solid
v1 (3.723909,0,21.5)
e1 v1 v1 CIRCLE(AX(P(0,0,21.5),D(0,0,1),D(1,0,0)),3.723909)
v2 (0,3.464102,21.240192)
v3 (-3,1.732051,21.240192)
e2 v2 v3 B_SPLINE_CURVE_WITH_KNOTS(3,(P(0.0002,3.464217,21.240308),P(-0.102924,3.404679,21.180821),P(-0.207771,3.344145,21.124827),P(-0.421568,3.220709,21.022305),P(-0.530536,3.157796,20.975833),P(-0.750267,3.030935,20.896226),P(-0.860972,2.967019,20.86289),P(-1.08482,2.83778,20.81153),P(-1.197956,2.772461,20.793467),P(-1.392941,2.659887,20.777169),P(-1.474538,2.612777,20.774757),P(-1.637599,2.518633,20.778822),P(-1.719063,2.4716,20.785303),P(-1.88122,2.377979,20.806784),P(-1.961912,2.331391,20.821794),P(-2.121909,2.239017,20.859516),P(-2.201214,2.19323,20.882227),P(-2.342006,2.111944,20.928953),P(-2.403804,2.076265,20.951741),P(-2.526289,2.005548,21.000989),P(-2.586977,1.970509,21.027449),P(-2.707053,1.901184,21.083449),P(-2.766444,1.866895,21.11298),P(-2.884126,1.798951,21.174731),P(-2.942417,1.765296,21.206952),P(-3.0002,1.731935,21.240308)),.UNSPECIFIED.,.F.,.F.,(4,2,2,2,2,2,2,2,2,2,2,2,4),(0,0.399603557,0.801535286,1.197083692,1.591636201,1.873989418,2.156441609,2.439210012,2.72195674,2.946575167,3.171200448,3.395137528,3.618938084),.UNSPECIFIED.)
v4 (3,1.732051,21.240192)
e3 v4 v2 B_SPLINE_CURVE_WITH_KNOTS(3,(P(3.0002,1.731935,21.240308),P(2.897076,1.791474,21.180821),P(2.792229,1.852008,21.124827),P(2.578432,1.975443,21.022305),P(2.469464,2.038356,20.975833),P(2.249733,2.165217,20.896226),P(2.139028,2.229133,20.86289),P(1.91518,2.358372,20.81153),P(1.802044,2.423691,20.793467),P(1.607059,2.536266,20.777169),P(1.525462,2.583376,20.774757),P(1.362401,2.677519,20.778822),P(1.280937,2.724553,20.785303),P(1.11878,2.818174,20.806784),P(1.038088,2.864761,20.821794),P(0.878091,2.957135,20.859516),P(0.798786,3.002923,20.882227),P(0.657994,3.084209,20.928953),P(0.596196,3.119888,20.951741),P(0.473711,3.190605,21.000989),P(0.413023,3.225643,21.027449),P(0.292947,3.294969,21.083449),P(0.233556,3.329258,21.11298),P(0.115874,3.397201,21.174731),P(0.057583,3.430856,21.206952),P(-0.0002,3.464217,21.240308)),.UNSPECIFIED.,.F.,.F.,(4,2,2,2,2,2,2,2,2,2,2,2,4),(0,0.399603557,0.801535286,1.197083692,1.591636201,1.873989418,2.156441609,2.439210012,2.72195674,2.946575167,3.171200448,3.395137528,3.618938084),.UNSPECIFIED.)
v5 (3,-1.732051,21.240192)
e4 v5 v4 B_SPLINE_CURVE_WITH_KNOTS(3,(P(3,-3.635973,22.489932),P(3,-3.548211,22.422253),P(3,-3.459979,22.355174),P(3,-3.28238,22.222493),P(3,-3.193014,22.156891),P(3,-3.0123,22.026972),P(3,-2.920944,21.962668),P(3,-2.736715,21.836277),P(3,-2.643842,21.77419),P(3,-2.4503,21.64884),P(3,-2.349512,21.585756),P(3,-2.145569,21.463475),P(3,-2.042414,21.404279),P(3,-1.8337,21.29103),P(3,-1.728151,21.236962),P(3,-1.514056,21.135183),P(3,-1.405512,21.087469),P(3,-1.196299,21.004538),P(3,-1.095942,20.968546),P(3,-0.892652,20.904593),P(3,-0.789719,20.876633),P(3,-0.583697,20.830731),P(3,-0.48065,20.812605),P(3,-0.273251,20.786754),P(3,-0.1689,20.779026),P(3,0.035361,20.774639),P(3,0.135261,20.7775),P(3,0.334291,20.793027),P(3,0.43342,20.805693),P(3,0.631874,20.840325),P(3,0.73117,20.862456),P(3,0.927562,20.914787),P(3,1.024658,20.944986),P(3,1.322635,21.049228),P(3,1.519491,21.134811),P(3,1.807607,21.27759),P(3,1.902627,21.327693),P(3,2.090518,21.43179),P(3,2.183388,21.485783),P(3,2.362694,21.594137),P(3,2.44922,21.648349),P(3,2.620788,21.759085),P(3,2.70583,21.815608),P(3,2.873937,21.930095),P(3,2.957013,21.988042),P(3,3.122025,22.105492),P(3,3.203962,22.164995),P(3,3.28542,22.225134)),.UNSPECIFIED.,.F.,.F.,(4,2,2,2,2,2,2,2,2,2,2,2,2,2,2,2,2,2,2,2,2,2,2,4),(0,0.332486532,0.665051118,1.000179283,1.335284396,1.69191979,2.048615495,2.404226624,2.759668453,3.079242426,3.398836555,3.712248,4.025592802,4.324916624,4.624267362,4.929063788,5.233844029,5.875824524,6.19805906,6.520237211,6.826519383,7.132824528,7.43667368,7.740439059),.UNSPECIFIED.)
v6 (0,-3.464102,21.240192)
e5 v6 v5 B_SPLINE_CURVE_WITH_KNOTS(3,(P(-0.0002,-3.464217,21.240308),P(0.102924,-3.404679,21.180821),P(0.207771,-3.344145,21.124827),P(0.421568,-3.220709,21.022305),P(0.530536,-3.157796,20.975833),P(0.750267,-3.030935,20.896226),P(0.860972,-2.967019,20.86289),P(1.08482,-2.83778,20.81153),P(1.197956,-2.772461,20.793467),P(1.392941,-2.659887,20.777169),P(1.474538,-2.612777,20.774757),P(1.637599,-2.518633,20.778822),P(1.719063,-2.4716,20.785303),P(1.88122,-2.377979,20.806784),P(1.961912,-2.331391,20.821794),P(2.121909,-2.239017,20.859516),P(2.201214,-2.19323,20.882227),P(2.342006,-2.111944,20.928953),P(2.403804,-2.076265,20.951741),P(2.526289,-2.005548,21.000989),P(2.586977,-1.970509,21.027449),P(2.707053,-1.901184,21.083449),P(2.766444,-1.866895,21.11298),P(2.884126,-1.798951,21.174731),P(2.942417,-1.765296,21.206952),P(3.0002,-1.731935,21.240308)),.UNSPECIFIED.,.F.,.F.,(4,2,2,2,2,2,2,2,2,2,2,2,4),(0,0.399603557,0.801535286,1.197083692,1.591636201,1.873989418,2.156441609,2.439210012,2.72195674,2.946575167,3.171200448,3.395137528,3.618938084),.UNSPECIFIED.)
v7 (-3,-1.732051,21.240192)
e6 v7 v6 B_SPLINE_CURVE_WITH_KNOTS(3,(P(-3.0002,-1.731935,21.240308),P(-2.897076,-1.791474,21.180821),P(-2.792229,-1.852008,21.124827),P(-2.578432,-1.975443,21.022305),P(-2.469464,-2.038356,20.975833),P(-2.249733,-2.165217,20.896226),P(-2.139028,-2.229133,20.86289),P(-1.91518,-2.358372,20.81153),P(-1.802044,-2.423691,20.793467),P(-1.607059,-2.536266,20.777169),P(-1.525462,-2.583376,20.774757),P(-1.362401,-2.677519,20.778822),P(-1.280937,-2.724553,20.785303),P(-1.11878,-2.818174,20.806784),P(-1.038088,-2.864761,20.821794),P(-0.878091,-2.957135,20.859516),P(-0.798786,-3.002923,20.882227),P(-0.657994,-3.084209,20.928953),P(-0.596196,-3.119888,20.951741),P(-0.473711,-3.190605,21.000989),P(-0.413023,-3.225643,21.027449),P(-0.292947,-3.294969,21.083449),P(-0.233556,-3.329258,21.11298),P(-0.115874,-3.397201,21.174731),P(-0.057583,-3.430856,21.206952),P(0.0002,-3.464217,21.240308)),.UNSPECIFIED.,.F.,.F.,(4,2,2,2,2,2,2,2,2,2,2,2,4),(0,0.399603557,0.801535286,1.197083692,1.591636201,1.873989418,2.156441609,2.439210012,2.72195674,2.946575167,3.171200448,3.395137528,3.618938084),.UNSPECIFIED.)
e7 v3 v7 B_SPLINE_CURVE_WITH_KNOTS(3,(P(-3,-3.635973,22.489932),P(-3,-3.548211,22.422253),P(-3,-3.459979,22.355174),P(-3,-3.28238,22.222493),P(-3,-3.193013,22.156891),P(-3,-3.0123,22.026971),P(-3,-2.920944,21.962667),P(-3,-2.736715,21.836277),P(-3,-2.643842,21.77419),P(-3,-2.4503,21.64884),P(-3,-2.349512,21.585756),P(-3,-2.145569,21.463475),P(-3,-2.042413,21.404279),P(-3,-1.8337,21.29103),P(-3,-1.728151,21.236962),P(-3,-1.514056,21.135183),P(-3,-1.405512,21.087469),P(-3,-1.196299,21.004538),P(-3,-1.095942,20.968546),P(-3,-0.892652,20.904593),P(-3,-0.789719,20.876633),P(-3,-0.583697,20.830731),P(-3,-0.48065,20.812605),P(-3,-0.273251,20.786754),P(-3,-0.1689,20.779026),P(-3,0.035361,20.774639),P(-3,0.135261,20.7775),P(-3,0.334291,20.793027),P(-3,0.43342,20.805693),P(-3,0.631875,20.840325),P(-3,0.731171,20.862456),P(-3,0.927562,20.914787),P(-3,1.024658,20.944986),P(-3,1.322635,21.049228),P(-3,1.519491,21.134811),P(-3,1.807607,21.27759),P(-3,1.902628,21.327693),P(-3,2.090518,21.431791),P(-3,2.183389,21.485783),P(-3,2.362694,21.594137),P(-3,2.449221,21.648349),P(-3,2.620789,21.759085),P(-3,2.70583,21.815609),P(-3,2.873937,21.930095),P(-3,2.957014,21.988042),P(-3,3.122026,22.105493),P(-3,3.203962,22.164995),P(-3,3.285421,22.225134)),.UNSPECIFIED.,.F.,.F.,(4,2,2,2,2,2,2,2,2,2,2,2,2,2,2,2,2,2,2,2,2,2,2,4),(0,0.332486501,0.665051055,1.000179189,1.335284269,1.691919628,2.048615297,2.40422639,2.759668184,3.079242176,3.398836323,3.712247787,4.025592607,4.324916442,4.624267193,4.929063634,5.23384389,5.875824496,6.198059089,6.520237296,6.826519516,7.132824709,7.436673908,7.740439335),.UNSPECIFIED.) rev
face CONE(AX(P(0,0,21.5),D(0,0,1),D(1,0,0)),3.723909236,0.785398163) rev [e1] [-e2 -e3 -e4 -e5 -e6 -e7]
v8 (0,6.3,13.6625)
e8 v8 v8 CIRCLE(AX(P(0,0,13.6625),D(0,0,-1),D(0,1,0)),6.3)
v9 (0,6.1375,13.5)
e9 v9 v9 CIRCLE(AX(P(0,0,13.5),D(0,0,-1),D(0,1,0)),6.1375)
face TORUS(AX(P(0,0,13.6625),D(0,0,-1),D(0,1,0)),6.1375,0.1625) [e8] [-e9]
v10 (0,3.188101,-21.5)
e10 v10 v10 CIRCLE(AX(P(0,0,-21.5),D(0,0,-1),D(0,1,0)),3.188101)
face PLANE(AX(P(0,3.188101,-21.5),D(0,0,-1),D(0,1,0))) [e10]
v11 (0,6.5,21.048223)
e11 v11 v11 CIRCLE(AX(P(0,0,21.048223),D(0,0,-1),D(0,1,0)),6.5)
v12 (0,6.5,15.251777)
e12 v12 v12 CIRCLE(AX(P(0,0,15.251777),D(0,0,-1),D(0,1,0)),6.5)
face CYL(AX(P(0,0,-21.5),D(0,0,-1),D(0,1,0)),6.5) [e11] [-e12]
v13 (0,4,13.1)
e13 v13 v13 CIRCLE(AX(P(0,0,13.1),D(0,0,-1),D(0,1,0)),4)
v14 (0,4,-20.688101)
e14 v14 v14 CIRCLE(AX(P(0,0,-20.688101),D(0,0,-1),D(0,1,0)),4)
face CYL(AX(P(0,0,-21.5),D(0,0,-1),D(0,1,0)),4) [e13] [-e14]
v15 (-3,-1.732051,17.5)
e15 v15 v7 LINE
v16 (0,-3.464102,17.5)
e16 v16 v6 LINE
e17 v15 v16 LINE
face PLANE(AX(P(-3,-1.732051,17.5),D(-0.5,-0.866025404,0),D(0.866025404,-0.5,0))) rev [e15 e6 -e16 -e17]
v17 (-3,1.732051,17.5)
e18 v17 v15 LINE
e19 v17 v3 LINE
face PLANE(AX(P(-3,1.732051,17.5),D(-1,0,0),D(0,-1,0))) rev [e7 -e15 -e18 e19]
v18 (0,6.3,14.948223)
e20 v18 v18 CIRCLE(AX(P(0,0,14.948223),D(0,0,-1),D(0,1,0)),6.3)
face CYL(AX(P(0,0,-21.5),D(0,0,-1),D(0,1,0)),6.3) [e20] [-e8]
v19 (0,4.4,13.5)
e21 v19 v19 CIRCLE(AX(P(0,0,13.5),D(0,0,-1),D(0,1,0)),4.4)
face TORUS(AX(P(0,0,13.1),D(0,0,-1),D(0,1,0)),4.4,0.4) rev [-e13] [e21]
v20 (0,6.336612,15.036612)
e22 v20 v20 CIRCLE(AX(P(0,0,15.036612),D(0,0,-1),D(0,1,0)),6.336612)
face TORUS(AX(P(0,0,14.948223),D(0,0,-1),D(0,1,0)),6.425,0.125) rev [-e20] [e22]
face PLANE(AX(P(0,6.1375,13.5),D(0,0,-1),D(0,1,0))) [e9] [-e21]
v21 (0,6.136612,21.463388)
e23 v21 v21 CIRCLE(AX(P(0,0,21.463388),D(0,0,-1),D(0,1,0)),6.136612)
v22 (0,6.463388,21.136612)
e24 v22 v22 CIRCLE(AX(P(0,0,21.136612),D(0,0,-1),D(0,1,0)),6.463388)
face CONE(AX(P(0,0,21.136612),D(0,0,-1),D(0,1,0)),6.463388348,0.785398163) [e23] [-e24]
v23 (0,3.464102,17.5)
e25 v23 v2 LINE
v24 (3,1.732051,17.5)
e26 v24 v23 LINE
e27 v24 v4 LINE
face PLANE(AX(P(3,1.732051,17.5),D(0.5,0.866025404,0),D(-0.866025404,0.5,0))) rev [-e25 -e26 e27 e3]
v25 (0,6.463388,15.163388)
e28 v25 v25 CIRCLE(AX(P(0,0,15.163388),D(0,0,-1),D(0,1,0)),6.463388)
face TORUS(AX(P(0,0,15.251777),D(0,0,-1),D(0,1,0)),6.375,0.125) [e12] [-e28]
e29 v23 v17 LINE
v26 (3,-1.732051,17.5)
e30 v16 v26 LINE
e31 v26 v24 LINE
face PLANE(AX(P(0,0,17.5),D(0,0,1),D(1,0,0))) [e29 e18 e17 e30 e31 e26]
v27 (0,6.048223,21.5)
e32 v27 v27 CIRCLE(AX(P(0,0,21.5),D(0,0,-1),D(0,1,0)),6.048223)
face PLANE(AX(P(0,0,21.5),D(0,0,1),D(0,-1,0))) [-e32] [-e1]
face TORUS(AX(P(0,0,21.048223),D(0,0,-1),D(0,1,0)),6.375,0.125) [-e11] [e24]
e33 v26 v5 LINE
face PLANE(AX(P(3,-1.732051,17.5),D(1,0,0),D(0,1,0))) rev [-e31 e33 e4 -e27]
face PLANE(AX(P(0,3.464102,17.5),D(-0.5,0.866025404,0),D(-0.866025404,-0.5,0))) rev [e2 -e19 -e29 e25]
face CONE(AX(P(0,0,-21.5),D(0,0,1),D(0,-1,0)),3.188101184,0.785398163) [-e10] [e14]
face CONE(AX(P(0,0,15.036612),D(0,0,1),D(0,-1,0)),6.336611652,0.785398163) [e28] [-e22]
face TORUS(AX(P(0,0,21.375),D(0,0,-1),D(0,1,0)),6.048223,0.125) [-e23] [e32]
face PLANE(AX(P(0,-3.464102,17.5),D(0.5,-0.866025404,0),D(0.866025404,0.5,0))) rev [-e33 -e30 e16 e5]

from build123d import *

# Parameters (mm, degrees)
CUT_EXTRUDE1_START = -4
CUT_EXTRUDE1_DEPTH = 4


with BuildPart() as part:
    # Sketch2 → Revolve1 (revolve)
    with BuildSketch(Plane(origin=(0, 0, 0), x_dir=(0, 0, -1), z_dir=(1, 0, 0))):
        with BuildLine():
            Line((-21.5, 0), (-21.5, 6.048223305))
            ThreePointArc((-21.5, 6.048223305), (-21.490484942, 6.096058734), (-21.463388348, 6.136611652))
            Line((-21.463388348, 6.136611652), (-21.136611652, 6.463388348))
            ThreePointArc((-21.136611652, 6.463388348), (-21.096058734, 6.490484942), (-21.048223305, 6.5))
            Line((-21.048223305, 6.5), (-15.251776695, 6.5))
            ThreePointArc((-15.251776695, 6.5), (-15.203941266, 6.490484942), (-15.163388348, 6.463388348))
            Line((-15.163388348, 6.463388348), (-15.036611652, 6.336611652))
            ThreePointArc((-15.036611652, 6.336611652), (-14.996058734, 6.309515058), (-14.948223305, 6.3))
            Line((-14.948223305, 6.3), (-13.6625, 6.3))
            ThreePointArc((-13.6625, 6.3), (-13.547595148, 6.252404852), (-13.5, 6.1375))
            Line((-13.5, 6.1375), (-13.5, 4.4))
            ThreePointArc((-13.5, 4.4), (-13.382842712, 4.117157288), (-13.1, 4))
            Line((-13.1, 4), (20.688101184, 4))
            Line((20.688101184, 4), (21.5, 3.188101184))
            Line((21.5, 3.188101184), (21.5, 0))
            Line((21.5, 0), (-21.5, 0))
        make_face()
    revolve(axis=Axis((0, 0, -21.5), (0, 0, 1)))

    # Sketch3 → Cut-Extrude1 (cut)
    with BuildSketch(Plane.XY.offset(21.5).offset(CUT_EXTRUDE1_START)):
        Polygon((3, -1.732050808), (3, 1.732050808), (0, 3.464101615), (-3, 1.732050808), (-3, -1.732050808), (0, -3.464101615), align=None)
    extrude(amount=CUT_EXTRUDE1_DEPTH, mode=Mode.SUBTRACT)

    # Cut-Extrude2 cone 1 section (through the dimple's axis) → Cut-Extrude2 (revolve, cut)
    with BuildSketch(Plane(origin=(0, 0, 21.5), x_dir=(0, -1, 0), z_dir=(1, 0, 0))):
        Polygon((0, 0), (3.723909236, 0), (0, 3.723909236), align=None)
    revolve(axis=Axis((0, 0, 21.5), (0, 0, -1)), mode=Mode.SUBTRACT)


solid = part.part
